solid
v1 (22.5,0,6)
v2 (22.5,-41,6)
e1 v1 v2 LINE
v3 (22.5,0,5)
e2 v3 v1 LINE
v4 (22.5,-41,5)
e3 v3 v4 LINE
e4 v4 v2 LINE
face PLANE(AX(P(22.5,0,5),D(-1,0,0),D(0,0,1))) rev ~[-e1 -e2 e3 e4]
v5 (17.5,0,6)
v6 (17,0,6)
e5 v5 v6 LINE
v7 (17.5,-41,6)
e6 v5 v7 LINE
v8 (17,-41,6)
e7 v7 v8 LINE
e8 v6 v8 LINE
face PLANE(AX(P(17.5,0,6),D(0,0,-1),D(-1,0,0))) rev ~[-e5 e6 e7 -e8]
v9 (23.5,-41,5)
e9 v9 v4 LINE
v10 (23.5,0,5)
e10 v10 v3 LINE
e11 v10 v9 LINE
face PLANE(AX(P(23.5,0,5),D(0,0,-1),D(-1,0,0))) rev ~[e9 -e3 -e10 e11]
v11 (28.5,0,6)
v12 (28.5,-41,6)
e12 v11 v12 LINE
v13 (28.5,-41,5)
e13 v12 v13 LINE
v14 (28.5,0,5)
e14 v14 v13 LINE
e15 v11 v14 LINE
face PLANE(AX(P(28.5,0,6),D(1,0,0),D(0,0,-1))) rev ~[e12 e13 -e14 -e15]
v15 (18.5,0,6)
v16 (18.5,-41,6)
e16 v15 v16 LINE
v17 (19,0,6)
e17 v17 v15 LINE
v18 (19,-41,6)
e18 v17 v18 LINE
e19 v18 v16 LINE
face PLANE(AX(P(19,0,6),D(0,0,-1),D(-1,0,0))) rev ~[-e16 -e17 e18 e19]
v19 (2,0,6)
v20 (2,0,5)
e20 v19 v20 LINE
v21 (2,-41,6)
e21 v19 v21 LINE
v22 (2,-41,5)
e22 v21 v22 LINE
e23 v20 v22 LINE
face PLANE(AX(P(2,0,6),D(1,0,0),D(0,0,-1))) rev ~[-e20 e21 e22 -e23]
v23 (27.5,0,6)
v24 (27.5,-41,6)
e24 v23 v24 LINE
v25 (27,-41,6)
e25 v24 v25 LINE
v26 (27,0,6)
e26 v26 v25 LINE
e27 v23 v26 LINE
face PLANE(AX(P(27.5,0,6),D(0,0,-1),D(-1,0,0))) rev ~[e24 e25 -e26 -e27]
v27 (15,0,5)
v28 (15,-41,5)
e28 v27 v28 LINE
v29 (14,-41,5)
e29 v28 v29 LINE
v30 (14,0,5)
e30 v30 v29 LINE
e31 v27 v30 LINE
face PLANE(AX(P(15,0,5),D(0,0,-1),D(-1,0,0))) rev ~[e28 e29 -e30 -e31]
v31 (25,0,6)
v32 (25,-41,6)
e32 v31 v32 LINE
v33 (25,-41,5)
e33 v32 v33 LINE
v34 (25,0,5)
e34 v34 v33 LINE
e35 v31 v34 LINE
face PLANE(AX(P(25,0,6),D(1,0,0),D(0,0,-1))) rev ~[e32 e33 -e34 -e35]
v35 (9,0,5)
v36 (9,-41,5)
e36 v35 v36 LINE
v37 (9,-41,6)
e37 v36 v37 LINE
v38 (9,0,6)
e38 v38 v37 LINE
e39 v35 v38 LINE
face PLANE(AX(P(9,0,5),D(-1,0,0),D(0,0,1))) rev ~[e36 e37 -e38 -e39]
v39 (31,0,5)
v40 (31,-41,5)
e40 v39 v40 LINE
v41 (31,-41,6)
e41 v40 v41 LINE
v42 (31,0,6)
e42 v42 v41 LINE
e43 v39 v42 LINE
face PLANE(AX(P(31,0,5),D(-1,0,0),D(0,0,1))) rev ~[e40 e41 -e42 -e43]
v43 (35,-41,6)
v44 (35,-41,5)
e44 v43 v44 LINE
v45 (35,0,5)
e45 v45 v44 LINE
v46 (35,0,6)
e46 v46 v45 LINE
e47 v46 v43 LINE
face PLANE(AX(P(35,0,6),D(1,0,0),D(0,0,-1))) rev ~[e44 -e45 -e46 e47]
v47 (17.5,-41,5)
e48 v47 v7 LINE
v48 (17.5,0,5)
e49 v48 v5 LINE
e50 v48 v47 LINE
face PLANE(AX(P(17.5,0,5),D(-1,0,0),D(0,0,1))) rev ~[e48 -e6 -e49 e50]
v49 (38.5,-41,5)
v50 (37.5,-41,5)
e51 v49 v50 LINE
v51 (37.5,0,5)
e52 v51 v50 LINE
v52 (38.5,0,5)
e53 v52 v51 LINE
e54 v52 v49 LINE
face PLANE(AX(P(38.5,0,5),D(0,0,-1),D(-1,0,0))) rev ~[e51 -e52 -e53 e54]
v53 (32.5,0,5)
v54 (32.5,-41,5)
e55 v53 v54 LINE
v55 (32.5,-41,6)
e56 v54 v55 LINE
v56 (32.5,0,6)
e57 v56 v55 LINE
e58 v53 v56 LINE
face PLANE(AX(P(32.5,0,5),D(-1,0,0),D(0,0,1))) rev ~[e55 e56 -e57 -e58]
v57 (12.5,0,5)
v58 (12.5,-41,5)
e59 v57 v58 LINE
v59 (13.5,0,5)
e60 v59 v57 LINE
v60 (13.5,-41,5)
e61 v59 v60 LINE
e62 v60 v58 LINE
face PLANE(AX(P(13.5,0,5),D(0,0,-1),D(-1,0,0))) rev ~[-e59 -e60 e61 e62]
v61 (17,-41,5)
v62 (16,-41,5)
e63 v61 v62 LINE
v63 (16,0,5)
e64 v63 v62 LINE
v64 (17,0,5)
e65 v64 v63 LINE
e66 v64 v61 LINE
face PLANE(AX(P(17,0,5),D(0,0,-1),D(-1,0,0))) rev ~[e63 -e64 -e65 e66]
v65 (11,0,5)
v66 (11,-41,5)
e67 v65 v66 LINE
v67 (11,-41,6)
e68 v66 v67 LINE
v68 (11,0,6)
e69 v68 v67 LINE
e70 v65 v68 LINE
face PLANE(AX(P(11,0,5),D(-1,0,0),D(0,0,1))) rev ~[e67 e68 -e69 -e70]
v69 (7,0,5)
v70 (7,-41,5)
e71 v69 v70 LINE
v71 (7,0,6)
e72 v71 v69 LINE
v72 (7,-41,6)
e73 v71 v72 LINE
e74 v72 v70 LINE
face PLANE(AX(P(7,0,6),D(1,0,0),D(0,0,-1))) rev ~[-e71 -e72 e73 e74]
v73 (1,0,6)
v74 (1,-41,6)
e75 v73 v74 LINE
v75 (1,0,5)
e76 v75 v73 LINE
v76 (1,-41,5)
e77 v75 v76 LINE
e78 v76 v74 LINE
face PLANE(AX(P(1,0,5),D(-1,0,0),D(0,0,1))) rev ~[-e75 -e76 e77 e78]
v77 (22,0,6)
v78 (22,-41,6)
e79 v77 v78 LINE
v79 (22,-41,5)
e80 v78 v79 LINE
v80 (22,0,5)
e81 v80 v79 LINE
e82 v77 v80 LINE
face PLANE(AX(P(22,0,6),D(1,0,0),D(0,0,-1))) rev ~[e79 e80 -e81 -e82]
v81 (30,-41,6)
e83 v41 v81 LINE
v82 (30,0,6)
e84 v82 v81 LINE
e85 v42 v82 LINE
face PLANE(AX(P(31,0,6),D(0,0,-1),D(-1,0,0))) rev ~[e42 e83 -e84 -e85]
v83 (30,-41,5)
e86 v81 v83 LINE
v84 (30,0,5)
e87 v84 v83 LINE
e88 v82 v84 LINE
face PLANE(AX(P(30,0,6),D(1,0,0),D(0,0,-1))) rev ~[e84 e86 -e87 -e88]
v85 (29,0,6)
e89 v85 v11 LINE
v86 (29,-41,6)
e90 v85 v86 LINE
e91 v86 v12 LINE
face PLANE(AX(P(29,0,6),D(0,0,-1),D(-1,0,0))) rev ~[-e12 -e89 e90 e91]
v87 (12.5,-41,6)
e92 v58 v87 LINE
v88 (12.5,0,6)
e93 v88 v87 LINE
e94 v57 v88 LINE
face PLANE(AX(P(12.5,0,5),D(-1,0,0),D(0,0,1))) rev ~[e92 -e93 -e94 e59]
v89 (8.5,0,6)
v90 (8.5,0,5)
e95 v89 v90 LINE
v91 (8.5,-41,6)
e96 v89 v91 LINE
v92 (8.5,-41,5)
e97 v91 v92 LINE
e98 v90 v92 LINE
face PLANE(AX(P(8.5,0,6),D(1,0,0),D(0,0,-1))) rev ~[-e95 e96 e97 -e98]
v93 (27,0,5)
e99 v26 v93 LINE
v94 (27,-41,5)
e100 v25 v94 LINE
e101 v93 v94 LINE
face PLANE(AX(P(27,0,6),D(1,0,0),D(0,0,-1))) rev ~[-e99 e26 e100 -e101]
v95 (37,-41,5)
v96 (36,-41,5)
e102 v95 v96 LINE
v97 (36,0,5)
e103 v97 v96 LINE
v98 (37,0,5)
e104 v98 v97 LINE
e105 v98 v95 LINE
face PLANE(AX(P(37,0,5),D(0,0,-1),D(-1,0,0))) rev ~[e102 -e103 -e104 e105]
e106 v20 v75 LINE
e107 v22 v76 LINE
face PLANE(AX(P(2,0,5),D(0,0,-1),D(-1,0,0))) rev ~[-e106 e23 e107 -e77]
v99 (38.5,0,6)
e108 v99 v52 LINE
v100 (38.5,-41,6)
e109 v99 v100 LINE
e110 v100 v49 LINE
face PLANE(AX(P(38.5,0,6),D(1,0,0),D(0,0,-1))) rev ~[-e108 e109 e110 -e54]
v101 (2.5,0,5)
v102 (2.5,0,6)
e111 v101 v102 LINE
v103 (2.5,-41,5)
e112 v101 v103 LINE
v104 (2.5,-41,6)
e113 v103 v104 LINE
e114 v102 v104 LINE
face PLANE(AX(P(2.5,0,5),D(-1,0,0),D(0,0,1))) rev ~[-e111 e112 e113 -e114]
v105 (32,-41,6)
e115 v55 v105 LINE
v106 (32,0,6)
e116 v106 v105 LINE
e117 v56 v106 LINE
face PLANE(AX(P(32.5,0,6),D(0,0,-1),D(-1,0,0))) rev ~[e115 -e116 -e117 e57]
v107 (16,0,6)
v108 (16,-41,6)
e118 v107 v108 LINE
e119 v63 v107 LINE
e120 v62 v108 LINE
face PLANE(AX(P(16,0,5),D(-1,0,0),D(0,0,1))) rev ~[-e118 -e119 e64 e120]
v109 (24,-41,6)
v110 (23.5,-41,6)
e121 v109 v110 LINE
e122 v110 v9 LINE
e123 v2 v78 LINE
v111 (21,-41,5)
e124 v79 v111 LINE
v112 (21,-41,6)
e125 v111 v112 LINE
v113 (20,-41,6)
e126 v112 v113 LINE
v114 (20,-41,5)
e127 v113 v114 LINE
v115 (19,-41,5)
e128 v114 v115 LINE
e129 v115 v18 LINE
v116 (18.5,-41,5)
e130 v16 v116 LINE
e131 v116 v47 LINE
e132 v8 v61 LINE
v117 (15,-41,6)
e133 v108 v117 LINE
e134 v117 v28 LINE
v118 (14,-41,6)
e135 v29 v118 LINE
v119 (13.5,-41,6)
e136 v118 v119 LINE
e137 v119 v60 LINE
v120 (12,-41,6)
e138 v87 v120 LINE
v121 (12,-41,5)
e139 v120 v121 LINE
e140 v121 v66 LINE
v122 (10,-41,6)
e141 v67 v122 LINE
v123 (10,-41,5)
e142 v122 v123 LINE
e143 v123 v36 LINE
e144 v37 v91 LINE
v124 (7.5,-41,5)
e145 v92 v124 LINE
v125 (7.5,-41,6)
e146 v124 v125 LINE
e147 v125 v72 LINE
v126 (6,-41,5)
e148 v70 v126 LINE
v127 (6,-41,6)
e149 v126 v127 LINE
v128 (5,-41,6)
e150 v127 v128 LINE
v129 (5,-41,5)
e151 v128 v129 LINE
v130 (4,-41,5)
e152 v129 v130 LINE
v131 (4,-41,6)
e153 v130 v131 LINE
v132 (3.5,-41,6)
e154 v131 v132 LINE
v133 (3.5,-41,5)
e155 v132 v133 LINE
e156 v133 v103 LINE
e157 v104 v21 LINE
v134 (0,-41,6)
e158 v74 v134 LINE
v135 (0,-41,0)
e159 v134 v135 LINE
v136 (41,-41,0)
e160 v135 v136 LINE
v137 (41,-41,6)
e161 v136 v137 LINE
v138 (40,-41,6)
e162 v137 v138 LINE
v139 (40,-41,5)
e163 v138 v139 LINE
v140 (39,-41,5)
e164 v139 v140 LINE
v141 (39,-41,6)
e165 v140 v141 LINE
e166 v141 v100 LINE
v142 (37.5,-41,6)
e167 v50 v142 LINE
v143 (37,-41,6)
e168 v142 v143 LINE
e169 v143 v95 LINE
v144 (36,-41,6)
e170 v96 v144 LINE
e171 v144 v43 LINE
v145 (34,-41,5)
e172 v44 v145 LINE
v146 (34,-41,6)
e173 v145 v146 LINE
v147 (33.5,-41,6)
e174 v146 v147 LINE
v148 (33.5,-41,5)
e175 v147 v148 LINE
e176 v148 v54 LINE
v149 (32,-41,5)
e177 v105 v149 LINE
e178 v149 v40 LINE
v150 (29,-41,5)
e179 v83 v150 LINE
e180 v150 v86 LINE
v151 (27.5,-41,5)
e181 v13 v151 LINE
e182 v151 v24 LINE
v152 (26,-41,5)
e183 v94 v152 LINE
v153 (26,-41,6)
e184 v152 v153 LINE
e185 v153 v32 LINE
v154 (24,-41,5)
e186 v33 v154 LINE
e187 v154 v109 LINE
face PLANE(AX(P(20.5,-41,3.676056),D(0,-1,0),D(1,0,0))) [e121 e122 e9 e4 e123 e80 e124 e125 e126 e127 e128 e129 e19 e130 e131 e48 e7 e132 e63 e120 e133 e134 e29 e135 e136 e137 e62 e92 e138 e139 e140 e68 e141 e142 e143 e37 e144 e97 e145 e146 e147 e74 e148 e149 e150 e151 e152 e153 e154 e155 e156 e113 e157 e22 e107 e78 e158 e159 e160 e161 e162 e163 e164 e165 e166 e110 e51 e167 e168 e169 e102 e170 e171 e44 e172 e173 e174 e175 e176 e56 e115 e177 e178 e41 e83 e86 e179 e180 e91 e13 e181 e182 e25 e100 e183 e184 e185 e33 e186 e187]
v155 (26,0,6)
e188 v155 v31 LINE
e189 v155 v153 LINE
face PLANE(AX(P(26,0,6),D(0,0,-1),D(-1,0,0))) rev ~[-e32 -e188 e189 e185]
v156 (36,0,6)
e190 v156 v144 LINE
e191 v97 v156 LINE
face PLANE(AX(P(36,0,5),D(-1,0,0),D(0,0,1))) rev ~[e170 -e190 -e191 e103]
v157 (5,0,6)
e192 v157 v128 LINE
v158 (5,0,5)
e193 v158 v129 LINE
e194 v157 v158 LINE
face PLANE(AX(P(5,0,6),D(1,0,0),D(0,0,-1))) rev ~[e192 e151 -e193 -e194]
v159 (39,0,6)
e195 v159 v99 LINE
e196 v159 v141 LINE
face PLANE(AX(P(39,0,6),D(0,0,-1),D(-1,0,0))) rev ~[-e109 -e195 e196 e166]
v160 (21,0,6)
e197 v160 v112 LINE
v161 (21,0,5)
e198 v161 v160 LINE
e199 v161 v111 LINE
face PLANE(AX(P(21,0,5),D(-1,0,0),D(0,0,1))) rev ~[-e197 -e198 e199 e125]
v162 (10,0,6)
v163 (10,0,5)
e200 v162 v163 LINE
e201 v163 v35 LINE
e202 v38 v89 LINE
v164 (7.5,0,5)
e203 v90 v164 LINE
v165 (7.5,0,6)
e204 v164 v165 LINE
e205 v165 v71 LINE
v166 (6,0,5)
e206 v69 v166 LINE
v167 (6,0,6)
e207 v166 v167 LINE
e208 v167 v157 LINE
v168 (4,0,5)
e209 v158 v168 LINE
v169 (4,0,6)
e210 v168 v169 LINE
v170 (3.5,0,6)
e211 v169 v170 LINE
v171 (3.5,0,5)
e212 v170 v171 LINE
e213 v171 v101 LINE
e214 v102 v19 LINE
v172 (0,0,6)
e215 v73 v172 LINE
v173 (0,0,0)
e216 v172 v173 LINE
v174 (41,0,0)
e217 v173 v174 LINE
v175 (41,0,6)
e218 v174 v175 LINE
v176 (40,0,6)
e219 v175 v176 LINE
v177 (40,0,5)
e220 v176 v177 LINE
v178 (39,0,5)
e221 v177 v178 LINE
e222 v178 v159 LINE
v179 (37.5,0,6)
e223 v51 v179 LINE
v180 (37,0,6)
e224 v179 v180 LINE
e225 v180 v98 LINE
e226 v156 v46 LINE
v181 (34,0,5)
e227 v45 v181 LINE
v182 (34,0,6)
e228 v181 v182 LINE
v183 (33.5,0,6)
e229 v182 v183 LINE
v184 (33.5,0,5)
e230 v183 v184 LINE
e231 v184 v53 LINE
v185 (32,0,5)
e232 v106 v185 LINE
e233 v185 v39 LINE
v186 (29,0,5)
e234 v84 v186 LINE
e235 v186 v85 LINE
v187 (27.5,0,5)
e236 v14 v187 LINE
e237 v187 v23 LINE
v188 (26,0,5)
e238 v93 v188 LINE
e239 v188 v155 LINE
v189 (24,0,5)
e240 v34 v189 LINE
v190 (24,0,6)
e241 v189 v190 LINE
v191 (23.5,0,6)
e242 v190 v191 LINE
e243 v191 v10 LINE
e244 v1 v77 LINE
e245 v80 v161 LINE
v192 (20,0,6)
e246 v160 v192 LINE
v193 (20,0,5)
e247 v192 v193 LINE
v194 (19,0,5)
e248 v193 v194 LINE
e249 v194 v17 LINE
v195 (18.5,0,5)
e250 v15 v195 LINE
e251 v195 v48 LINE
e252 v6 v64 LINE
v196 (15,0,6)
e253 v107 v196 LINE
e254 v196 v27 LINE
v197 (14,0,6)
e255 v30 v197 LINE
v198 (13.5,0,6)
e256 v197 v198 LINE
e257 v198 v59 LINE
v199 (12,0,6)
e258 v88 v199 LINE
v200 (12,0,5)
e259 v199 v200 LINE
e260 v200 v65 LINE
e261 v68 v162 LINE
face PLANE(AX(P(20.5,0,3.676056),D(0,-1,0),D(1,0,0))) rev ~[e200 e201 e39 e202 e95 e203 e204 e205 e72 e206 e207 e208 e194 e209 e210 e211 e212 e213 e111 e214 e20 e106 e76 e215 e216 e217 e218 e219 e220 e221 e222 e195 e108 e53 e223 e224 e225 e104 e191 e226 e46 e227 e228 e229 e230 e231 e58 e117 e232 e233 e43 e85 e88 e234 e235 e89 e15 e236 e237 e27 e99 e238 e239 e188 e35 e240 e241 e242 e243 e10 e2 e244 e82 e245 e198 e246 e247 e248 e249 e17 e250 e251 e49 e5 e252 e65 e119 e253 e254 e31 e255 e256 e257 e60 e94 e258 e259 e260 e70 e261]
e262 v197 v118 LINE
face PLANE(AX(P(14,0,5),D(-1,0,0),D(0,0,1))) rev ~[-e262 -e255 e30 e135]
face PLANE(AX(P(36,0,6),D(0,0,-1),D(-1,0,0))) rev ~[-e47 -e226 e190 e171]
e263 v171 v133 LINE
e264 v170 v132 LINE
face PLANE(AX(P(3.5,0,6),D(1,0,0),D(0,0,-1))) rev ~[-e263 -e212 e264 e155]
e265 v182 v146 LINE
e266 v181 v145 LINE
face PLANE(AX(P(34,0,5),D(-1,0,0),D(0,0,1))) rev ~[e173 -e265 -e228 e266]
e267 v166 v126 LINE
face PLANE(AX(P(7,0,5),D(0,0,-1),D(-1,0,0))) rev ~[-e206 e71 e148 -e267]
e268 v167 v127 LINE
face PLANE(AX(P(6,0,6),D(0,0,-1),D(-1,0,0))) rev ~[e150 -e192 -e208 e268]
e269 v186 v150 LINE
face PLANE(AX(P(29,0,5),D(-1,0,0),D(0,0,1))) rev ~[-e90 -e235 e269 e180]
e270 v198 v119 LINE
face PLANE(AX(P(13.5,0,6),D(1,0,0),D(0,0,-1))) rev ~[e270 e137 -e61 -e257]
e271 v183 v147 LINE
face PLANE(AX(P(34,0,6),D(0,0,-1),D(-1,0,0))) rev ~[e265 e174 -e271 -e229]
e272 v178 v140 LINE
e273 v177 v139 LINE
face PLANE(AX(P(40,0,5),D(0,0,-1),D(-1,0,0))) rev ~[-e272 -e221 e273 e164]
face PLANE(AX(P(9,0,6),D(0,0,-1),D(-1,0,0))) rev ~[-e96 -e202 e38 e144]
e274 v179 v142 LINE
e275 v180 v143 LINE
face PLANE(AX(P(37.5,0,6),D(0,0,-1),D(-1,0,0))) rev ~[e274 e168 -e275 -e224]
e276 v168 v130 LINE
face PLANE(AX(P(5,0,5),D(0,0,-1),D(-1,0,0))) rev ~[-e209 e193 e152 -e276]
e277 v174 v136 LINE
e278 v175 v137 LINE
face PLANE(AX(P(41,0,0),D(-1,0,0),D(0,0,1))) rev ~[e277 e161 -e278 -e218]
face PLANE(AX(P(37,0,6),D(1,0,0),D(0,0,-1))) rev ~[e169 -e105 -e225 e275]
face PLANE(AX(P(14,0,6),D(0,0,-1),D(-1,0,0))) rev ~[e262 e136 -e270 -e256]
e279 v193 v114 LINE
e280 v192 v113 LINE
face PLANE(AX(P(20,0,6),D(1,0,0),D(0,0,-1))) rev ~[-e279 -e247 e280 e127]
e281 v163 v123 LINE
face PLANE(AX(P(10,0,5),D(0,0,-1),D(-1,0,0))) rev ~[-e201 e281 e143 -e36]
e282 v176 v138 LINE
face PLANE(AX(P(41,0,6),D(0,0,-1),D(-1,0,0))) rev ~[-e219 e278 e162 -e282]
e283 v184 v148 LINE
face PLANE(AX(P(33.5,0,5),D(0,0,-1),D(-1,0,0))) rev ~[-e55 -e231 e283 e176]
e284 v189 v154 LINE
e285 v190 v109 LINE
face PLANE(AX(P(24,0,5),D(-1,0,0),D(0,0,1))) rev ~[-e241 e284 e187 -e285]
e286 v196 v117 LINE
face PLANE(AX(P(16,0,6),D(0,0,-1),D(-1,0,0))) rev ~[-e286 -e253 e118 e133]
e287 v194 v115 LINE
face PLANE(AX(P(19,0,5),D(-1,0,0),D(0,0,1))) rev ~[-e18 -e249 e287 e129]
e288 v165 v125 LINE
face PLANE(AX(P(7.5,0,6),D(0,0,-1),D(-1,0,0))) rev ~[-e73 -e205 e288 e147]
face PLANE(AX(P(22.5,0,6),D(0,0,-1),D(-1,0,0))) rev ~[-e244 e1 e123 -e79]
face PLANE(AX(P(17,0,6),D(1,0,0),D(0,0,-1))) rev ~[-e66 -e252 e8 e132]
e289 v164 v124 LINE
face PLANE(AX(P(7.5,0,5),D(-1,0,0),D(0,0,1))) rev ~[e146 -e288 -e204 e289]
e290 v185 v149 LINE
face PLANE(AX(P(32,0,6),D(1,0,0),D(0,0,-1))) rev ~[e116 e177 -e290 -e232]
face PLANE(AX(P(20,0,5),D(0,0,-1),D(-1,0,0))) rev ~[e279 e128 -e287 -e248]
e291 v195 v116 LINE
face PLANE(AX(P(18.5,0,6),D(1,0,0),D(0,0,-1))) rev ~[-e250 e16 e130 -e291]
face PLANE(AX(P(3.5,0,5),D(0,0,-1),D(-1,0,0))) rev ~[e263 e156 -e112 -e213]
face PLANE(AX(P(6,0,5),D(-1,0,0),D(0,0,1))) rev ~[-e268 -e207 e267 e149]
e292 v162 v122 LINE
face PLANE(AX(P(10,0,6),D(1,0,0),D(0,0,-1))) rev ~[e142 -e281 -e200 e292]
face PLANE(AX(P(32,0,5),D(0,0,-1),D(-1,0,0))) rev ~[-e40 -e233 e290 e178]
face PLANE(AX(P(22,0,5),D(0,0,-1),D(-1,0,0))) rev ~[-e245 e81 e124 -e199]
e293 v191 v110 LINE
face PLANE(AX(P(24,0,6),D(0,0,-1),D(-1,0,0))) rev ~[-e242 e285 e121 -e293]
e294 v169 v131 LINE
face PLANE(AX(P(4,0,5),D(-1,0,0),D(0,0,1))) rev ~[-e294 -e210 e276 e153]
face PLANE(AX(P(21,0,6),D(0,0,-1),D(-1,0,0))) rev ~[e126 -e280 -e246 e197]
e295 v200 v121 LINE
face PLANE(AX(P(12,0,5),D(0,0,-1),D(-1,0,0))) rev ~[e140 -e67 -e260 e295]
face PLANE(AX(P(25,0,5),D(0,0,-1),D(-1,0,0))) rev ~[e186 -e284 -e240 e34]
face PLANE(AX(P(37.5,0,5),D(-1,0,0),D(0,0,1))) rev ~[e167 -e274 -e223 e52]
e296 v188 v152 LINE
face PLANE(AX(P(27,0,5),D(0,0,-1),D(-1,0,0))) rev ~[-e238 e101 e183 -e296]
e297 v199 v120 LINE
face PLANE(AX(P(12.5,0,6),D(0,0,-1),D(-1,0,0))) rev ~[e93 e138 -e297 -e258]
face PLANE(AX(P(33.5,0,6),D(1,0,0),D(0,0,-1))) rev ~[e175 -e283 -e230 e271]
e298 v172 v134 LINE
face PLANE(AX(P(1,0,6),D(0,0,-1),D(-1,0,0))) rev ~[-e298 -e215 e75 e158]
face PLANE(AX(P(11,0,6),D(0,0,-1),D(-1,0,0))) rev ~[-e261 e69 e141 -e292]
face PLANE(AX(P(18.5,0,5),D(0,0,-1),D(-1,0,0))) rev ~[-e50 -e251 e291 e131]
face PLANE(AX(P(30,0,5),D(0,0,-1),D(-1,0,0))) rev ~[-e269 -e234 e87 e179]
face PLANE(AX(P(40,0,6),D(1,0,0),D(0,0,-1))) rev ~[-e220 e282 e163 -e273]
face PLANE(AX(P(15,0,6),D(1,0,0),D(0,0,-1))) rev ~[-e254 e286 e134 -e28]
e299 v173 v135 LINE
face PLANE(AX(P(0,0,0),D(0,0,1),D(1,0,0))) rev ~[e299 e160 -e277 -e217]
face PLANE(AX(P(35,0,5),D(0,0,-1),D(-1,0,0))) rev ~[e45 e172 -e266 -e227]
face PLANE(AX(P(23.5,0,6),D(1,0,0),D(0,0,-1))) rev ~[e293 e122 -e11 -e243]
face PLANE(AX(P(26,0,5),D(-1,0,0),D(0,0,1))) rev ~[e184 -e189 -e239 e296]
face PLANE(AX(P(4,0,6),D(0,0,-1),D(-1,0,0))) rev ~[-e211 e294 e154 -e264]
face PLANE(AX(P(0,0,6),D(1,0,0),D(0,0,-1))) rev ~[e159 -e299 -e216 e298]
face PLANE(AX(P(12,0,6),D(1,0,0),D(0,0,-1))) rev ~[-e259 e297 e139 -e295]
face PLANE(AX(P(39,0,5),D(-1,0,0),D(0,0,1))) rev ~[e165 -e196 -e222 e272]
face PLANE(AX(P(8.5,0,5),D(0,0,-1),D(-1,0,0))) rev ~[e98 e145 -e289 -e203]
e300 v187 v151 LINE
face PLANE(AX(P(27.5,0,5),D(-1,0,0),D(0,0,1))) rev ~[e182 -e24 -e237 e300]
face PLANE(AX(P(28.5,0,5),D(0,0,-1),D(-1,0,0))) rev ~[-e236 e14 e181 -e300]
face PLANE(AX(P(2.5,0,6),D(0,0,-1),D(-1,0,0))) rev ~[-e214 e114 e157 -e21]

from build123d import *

# Parameters (mm, degrees)
F1_DEPTH = 41


with BuildPart() as f1:
    # F0 (on Front) → F1 (new body)
    with BuildSketch(Plane.XZ):
        Polygon((1, 6), (0, 6), (0, 0), (41, 0), (41, 6), (40, 6), (40, 5), (39, 5), (39, 6), (38.5, 6), (38.5, 5), (37.5, 5), (37.5, 6), (37, 6), (37, 5), (36, 5), (36, 6), (35, 6), (35, 5), (34, 5), (34, 6), (33.5, 6), (33.5, 5), (32.5, 5), (32.5, 6), (32, 6), (32, 5), (31, 5), (31, 6), (30, 6), (30, 5), (29, 5), (29, 6), (28.5, 6), (28.5, 5), (27.5, 5), (27.5, 6), (27, 6), (27, 5), (26, 5), (26, 6), (25, 6), (25, 5), (24, 5), (24, 6), (23.5, 6), (23.5, 5), (22.5, 5), (22.5, 6), (22, 6), (22, 5), (21, 5), (21, 6), (20, 6), (20, 5), (19, 5), (19, 6), (18.5, 6), (18.5, 5), (17.5, 5), (17.5, 6), (17, 6), (17, 5), (16, 5), (16, 6), (15, 6), (15, 5), (14, 5), (14, 6), (13.5, 6), (13.5, 5), (12.5, 5), (12.5, 6), (12, 6), (12, 5), (11, 5), (11, 6), (10, 6), (10, 5), (9, 5), (9, 6), (8.5, 6), (8.5, 5), (7.5, 5), (7.5, 6), (7, 6), (7, 5), (6, 5), (6, 6), (5, 6), (5, 5), (4, 5), (4, 6), (3.5, 6), (3.5, 5), (2.5, 5), (2.5, 6), (2, 6), (2, 5), (1, 5), align=None)
    extrude(amount=F1_DEPTH)


solid = f1.part
